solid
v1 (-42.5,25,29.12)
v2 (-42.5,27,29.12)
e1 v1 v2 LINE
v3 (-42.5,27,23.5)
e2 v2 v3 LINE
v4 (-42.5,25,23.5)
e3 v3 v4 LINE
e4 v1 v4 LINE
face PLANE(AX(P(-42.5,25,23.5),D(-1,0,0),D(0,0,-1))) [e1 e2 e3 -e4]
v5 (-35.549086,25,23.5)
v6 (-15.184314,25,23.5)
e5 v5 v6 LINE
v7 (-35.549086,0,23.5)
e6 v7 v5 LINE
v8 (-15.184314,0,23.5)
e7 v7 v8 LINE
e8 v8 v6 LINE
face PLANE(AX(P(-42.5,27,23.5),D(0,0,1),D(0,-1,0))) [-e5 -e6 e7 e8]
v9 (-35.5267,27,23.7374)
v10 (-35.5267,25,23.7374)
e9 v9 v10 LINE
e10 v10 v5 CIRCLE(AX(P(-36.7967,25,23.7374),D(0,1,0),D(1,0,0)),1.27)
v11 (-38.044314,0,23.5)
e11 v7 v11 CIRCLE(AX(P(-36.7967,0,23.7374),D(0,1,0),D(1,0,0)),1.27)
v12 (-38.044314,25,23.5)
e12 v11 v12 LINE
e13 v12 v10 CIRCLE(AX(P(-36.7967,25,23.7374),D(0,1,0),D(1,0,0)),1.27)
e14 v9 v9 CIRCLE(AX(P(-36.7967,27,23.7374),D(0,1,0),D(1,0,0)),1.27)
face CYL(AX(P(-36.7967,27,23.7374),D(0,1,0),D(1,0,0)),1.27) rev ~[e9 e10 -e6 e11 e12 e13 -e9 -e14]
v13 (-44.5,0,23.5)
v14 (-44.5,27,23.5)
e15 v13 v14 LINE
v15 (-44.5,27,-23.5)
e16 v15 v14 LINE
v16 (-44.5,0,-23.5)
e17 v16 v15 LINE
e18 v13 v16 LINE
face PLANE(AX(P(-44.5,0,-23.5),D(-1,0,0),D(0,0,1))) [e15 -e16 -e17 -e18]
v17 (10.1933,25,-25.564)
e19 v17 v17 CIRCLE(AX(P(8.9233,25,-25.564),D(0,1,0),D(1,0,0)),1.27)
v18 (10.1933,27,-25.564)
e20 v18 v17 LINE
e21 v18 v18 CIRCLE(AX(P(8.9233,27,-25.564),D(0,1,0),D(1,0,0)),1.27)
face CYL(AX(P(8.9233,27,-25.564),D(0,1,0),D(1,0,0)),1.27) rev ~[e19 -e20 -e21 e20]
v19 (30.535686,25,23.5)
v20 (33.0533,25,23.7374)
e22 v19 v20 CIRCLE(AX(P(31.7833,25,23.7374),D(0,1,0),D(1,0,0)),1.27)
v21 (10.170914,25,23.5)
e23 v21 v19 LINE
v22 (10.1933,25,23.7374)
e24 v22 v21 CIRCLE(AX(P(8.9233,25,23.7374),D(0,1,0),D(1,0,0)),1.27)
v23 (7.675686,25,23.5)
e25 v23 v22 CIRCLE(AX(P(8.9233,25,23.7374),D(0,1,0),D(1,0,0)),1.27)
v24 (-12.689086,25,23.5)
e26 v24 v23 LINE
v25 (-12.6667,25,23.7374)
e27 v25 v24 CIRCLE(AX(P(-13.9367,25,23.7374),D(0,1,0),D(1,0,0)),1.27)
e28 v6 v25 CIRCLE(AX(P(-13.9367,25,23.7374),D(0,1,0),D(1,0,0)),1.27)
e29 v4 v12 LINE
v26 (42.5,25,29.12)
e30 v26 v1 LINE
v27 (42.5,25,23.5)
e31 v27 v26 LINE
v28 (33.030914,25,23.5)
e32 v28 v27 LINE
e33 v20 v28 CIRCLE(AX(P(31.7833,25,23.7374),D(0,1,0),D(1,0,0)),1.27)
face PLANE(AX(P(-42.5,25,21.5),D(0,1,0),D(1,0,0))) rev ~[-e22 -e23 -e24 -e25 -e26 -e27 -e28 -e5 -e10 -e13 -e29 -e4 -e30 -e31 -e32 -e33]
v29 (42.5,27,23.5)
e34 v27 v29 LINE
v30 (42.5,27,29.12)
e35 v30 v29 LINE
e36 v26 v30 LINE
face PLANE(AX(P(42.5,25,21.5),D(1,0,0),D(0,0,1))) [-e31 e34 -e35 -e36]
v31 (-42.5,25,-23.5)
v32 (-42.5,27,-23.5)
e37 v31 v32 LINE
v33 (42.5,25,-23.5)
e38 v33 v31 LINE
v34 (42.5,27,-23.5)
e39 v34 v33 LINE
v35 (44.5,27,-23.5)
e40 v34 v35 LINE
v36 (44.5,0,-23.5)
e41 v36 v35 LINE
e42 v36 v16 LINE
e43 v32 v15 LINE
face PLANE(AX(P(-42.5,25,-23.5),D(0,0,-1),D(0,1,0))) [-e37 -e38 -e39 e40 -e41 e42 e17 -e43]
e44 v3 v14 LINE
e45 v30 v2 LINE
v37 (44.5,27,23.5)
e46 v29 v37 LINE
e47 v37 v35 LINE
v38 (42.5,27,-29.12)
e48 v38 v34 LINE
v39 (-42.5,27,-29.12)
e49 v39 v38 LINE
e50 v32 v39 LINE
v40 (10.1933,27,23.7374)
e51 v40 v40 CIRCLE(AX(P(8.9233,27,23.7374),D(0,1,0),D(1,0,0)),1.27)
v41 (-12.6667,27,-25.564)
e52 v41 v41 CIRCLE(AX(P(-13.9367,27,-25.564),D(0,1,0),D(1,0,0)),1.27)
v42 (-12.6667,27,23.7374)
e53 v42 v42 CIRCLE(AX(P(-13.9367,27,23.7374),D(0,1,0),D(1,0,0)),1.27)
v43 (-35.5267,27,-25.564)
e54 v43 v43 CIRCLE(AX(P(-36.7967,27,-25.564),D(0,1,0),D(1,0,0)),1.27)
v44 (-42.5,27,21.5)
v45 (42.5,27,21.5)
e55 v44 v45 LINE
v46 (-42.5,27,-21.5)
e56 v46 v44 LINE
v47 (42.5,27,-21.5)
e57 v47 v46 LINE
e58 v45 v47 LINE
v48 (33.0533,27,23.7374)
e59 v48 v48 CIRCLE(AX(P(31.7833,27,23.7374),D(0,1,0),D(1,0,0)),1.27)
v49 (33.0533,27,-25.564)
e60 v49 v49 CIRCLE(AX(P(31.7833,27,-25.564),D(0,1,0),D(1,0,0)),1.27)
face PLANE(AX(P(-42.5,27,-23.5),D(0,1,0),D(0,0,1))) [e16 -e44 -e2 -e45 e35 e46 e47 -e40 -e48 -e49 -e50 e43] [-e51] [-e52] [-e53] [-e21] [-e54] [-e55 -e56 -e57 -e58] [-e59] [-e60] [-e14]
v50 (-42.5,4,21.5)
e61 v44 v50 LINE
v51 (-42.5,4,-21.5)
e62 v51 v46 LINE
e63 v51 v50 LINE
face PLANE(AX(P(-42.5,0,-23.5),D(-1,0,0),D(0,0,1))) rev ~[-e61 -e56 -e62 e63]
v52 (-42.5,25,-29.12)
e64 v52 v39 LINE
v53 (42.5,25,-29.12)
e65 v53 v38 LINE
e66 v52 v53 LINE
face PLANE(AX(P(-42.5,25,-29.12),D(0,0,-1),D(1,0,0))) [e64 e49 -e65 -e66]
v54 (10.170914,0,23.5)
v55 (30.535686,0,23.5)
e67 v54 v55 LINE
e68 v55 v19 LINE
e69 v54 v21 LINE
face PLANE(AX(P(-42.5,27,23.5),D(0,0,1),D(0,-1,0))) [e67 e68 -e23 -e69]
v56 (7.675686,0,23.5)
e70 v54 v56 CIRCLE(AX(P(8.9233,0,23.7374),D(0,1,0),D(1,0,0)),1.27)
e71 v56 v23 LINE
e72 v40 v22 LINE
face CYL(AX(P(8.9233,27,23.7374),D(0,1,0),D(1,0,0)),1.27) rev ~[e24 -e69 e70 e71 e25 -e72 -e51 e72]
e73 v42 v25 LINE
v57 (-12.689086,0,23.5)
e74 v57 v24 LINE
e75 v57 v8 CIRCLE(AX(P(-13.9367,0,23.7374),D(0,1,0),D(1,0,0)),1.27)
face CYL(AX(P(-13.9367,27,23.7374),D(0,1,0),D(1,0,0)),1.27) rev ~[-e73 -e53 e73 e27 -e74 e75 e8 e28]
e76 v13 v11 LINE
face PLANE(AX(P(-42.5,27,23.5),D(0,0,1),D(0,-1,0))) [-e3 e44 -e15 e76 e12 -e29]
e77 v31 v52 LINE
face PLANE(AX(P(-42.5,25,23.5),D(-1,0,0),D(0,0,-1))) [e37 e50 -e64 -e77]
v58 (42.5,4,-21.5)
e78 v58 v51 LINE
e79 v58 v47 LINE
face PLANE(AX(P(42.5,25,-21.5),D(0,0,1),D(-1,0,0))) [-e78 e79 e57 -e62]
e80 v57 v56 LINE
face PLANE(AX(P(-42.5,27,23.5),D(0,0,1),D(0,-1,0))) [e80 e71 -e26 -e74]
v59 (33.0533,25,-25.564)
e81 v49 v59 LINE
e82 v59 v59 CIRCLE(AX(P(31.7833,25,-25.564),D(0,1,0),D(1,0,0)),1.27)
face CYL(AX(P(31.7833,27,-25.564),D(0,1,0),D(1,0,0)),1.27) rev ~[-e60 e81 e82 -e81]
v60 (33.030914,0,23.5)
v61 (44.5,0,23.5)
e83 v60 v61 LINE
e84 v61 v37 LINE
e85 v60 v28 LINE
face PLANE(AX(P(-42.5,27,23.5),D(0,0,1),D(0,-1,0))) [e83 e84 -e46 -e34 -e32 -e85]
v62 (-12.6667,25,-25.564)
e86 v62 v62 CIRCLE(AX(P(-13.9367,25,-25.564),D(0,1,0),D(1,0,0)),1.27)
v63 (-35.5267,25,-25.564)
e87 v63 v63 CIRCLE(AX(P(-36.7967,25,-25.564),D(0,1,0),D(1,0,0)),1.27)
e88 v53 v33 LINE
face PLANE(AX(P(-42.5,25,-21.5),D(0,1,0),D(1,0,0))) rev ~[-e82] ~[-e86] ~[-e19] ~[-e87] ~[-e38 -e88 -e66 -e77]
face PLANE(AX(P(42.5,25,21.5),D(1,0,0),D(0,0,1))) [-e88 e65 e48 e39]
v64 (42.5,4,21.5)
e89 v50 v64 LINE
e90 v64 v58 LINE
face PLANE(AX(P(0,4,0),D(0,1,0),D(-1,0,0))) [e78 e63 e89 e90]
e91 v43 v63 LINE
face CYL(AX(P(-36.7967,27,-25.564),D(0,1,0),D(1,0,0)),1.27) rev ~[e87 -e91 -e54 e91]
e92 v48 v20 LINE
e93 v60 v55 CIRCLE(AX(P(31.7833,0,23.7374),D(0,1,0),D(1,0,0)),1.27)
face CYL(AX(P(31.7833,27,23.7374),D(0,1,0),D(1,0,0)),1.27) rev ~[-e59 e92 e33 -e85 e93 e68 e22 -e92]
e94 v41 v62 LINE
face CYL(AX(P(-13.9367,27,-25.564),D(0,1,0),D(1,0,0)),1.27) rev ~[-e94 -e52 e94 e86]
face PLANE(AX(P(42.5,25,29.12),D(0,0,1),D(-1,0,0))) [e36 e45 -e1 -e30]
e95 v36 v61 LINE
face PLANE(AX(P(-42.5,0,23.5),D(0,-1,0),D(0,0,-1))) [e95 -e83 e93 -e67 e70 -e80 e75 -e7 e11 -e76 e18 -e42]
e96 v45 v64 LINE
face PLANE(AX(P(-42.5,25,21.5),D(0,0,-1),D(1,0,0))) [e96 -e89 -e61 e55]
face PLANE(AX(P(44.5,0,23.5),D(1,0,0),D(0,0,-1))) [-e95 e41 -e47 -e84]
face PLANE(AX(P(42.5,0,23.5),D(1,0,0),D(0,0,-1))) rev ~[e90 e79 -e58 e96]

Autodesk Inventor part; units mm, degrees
ref_plane "YZ Plane" through (0, 0, 0) normal (1, 0, 0) x (0, 1, 0)
ref_plane "XZ Plane" through (0, 0, 0) normal (0, 1, 0) x (-1, 0, 0)
ref_plane "XY Plane" through (0, 0, 0) normal (0, 0, 1) x (1, 0, 0)
sketch "Sketch1" plane through (0, 0, 0) normal (0, 1, 0) x (-1, 0, 0)
  line L0 (42.5, 21.5) -> (-42.5, 21.5)
  line L1 (-42.5, 21.5) -> (-42.5, -21.5)
  line L2 (-42.5, -21.5) -> (42.5, -21.5)
  line L3 (42.5, -21.5) -> (42.5, 21.5)
  point P0 (0, 0)
  point P1 (0, -21.5)
  point P2 (42.5, 0)
  dimension "d0" = 43
  dimension "d1" = 85
extrude "Extrusion1" add sketch "Sketch1" along normal blind 4
sketch "Sketch2" plane through (-42.5, 0, 21.5) normal (0, 0, 1) x (1, 0, 0)
  line L0 (0, 25) -> (85, 25)
  line L1 (85, 25) -> (85, 0)
  line L2 (85, 0) -> (0, 0)
  line L3 (0, 0) -> (0, 25)
  point P0 (42.5, 0)
  dimension "d4" = 25
extrude "Extrusion2" add sketch "Sketch2" along normal blind 2
sketch "Sketch3" plane through (42.5, 0, -21.5) normal (0, 0, -1) x (-1, 0, 0)
  line L0 (0, 25) -> (85, 25) projected
  line L1 (0, 0) -> (85, 0) projected
  line L2 (0, 25) -> (85, 25)
  line L3 (85, 25) -> (85, 0)
  line L4 (85, 0) -> (0, 0)
  line L5 (0, 0) -> (0, 25)
  point P0 (42.5, 0)
extrude "Extrusion3" add sketch "Sketch3" along normal blind 2
sketch "Sketch4" plane through (-42.5, 25, -21.5) normal (0, 1, 0) x (1, 0, 0)
  line L0 (0, -45) -> (0, 2) projected
  line L1 (0, 7.62) -> (85, 7.62)
  line L2 (85, 7.62) -> (85, 0)
  line L3 (85, 0) -> (0, 0)
  line L4 (0, 0) -> (0, 7.62)
  point P0 (42.5, -21.5)
  point P1 (85, 3.81)
  point P2 (85, 2)
  dimension "d15" = 7.62
extrude "Extrusion4" add sketch "Sketch4" along normal blind 2
sketch "Sketch5" plane through (-42.5, 25, 21.5) normal (0, 1, 0) x (1, 0, 0)
  line L0 (0, -2) -> (0, 45) projected
  line L1 (0, 0) -> (85, 0)
  line L2 (85, 0) -> (85, -7.62)
  line L3 (85, -7.62) -> (0, -7.62)
  line L4 (0, -7.62) -> (0, 0)
  line L5 (85, 0) -> (85, -2) projected
  line L6 (85, 0) -> (0, 0) projected
  point P0 (42.5, 21.5)
  point P1 (85, -3.81)
  point P2 (85, -1)
  point P3 (42.5, 0)
  dimension "d17" = 7.62
extrude "Extrusion5" add sketch "Sketch5" along normal blind 2
sketch "Sketch6" plane through (42.5, 0, 23.5) normal (1, 0, 0) x (0, 0, -1)
  line L0 (-5.62, 27) -> (2, 27) projected
  line L1 (47, 0) -> (47, 25) projected
  line L2 (0, 27) -> (47, 27)
  line L3 (47, 27) -> (47, 0)
  line L4 (47, 0) -> (0, 0)
  line L5 (0, 0) -> (0, 27)
  line L6 (0, 0) -> (0, 25) projected
  point P0 (23.5, 0)
  point P1 (0, 13.5)
extrude "Extrusion6" add sketch "Sketch6" along normal blind 2
sketch "Sketch7" plane through (-42.5, 0, -23.5) normal (-1, 0, 0) x (0, 0, 1)
  line L0 (-5.62, 27) -> (2, 27) projected
  line L1 (47, 25) -> (47, 0) projected
  line L2 (0, 27) -> (47, 27)
  line L3 (47, 27) -> (47, 0)
  line L4 (47, 0) -> (0, 0)
  line L5 (0, 0) -> (0, 27)
  line L6 (0, 0) -> (0, 25) projected
  point P0 (23.5, 0)
  point P1 (0, 12.5)
extrude "Extrusion7" add sketch "Sketch7" along normal blind 2
sketch "Sketch8" plane through (-42.5, 27, -21.5) normal (0, 1, 0) x (1, 0, 0)
  circle A0 centre (74.2833, 4.064) radius 1.27
  line L0 (0, 0) -> (85, 0) projected
  circle A1 centre (51.4233, 4.064) radius 1.27
  circle A2 centre (28.5633, 4.064) radius 1.27
  circle A3 centre (5.7033, 4.064) radius 1.27
  line L1 (95.5719, -20.5867) -> (-13.3282, -20.5867)
  circle A4 centre (74.2833, -45.2374) radius 1.27
  circle A5 centre (51.4233, -45.2374) radius 1.27
  circle A6 centre (28.5633, -45.2374) radius 1.27
  circle A7 centre (5.7033, -45.2374) radius 1.27
  point P0 (42.5, -21.5)
  dimension "d23" = 2.54
  dimension "d24" = 4.064
  dimension "d27" = 22.86
  dimension "d34" = 49.3014
extrude "Extrusion8" cut sketch "Sketch8" against normal through all
properties part number "pruebabateria"
